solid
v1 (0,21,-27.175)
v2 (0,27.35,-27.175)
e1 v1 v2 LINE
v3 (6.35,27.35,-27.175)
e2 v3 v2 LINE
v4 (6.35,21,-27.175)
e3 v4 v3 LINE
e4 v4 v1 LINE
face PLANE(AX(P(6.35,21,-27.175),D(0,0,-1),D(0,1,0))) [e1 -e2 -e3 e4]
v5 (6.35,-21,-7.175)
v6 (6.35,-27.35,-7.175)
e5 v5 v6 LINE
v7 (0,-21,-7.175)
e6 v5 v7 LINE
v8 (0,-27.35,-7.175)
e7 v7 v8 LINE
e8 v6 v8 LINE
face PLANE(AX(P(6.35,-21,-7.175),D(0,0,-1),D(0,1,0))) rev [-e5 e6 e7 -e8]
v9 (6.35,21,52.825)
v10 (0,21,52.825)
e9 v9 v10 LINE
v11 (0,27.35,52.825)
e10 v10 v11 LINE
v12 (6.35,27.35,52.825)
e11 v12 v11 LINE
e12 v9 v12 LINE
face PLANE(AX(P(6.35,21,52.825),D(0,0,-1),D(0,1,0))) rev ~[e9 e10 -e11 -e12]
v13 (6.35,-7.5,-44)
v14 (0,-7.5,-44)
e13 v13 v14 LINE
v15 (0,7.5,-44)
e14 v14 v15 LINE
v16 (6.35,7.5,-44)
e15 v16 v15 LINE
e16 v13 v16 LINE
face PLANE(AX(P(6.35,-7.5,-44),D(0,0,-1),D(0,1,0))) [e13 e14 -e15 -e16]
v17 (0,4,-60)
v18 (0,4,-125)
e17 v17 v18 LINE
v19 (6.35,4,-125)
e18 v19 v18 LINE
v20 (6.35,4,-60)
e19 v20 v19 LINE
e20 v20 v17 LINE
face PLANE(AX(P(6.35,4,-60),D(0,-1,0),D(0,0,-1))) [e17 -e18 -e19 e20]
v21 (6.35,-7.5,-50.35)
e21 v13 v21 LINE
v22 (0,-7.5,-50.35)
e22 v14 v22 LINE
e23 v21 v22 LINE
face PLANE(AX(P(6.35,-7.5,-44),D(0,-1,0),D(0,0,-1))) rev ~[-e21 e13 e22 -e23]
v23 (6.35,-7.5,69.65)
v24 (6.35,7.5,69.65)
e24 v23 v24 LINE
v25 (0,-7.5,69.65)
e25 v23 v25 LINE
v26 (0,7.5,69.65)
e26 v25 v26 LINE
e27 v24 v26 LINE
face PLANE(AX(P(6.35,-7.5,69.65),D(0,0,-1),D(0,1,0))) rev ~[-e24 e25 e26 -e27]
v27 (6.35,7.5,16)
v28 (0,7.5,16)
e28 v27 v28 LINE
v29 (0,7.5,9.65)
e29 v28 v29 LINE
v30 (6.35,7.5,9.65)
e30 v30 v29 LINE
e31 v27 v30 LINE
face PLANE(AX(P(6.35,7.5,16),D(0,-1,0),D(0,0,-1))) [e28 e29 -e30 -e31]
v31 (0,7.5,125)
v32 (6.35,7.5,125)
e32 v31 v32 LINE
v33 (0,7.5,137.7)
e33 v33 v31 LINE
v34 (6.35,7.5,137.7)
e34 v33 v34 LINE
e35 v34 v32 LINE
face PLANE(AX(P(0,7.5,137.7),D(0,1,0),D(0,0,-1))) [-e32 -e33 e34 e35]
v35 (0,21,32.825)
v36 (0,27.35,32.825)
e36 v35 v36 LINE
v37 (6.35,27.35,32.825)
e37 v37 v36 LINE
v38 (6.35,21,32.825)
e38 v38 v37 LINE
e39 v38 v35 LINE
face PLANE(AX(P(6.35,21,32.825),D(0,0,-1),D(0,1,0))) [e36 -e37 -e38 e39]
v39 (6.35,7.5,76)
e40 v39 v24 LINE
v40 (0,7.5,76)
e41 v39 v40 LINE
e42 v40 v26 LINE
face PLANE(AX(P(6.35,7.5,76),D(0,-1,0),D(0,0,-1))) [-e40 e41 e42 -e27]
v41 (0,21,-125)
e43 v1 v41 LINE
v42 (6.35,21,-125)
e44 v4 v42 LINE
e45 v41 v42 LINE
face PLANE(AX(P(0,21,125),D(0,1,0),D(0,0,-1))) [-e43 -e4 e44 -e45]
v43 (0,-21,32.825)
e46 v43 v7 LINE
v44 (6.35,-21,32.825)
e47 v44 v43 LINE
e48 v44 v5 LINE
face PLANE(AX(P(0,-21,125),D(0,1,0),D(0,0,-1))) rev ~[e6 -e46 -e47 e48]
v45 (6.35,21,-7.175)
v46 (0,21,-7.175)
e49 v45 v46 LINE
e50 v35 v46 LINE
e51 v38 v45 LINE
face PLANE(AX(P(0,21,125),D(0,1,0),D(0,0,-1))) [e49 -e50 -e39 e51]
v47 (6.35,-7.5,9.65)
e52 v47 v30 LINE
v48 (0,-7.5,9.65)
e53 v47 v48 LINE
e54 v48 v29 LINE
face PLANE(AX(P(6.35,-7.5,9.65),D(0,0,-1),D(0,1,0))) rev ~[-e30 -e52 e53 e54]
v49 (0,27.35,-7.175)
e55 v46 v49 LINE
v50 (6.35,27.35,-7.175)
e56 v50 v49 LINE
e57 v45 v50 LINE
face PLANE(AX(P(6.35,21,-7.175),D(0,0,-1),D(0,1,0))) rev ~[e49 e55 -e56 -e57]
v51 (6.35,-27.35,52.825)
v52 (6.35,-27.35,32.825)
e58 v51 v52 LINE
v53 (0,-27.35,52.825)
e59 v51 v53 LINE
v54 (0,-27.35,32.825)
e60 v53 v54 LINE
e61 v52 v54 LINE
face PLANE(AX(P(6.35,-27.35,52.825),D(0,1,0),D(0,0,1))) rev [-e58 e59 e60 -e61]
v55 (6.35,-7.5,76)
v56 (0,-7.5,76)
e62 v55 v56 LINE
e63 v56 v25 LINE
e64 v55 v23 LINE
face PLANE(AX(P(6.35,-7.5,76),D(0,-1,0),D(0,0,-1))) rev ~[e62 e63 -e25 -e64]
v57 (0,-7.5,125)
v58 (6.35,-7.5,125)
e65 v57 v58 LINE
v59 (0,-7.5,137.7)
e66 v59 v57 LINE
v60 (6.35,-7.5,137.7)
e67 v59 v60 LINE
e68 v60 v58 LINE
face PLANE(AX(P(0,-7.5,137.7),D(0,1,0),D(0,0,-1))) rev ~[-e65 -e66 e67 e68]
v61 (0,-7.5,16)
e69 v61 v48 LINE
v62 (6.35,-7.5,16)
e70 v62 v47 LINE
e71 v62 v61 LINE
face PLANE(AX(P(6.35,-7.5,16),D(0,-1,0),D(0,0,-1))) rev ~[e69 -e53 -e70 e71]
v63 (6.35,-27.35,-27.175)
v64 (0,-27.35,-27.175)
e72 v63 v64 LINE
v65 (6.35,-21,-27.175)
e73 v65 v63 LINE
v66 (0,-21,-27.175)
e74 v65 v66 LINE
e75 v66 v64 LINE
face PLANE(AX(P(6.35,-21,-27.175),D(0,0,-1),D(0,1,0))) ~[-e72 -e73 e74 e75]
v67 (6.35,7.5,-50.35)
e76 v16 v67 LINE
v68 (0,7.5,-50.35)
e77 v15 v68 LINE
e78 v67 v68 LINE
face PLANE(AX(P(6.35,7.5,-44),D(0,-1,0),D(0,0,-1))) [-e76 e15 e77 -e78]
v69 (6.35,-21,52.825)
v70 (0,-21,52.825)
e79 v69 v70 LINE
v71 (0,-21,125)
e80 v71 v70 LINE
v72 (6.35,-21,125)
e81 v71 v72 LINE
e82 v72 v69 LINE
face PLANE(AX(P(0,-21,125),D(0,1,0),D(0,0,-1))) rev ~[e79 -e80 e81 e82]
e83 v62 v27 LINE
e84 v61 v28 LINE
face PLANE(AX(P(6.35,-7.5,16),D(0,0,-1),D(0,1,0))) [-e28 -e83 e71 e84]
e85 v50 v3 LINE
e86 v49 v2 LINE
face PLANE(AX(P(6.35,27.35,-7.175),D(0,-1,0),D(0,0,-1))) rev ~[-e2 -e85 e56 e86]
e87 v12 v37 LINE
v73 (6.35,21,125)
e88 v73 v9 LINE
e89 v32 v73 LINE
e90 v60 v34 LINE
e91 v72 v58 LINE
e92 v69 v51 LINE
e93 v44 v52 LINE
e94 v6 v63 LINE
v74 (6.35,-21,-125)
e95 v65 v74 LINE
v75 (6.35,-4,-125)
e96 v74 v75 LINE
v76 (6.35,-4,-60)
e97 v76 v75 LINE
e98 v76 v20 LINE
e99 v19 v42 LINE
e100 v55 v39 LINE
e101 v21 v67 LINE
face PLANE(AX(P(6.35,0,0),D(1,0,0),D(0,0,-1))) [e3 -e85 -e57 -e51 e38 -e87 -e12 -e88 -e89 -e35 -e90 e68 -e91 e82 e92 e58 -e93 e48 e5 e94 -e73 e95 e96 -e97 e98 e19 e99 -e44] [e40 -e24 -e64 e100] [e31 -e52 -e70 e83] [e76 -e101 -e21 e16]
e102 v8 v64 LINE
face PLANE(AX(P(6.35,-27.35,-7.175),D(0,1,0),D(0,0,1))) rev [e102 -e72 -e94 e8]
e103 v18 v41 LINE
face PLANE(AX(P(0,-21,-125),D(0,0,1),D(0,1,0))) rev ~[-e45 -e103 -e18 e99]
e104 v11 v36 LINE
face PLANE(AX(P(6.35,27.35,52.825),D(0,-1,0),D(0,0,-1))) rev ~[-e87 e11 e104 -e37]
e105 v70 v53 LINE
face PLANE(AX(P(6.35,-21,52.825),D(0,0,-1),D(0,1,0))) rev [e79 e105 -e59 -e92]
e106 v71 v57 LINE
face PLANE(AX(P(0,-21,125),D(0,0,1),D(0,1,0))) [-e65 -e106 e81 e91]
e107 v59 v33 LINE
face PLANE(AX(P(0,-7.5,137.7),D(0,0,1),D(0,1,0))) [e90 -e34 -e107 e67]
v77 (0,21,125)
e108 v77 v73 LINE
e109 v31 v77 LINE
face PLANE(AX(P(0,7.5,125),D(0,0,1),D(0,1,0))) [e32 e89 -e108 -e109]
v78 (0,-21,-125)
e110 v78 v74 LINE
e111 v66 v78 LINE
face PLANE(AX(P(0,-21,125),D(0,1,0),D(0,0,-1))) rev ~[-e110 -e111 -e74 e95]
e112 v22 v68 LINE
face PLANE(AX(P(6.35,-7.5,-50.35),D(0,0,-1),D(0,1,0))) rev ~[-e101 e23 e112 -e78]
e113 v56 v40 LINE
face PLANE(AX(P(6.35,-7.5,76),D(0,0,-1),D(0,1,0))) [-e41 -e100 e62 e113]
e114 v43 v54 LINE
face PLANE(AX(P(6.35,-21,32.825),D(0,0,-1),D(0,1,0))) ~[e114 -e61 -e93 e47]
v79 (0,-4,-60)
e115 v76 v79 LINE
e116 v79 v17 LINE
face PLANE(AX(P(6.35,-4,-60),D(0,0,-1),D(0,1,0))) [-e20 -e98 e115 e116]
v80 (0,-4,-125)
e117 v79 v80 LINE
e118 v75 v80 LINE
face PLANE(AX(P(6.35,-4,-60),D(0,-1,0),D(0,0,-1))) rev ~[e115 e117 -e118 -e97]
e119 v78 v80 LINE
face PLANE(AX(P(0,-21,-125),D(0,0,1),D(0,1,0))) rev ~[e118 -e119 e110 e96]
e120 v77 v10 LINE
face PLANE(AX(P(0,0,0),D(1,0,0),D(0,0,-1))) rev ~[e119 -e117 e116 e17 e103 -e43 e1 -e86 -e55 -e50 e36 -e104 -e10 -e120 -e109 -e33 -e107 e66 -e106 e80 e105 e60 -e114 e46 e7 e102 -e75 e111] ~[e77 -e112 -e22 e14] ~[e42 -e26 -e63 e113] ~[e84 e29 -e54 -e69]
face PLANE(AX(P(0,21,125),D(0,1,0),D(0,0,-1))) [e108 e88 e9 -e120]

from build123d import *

# Parameters (mm, degrees)
SKETCH1_W           = 250
SKETCH1_H           = 42
SKETCH1_W_2         = 12.7
SKETCH1_H_2         = 15
BOSS_EXTRUDE1_DEPTH = 6.35
SKETCH2_W           = 6.35
SKETCH2_H           = 15
CUT_EXTRUDE1_DEPTH  = 140.436768824
LPATTERN1_COUNT     = 3
LPATTERN1_PITCH     = 60
SKETCH3_W           = 65
SKETCH3_H           = 8
CUT_EXTRUDE2_DEPTH  = 140.436768824
SKETCH4_W           = 20
SKETCH4_H           = 6.35
BOSS_EXTRUDE2_DEPTH = 6.35


with BuildPart() as part:
    # Sketch1 → Boss-Extrude1 (new body)
    with BuildSketch(Plane(origin=(0, 0, 0), x_dir=(0, 0, -1), z_dir=(1, 0, 0))):
        Rectangle(SKETCH1_W, SKETCH1_H)
        with Locations((-131.35, 0)):
            Rectangle(SKETCH1_W_2, SKETCH1_H_2)
    extrude(amount=BOSS_EXTRUDE1_DEPTH)

    # Sketch2 → Cut-Extrude1 (cut, through all)
    with BuildSketch(Plane(origin=(6.35, 0, 0), x_dir=(0, 0, -1), z_dir=(1, 0, 0))):
        with Locations((-72.825, 0)):
            Rectangle(SKETCH2_W, SKETCH2_H)
    cut_extrude1 = extrude(amount=-CUT_EXTRUDE1_DEPTH, mode=Mode.SUBTRACT)

    # LPattern1: Cut-Extrude1 ×3
    with Locations(*[(0, 0, -i * LPATTERN1_PITCH) for i in range(1, LPATTERN1_COUNT)]):
        add(cut_extrude1, mode=Mode.SUBTRACT)

    # Sketch3 → Cut-Extrude2 (cut, through all)
    with BuildSketch(Plane(origin=(6.35, 0, 0), x_dir=(0, 0, -1), z_dir=(1, 0, 0))):
        with Locations((92.5, 0)):
            Rectangle(SKETCH3_W, SKETCH3_H)
    extrude(amount=-CUT_EXTRUDE2_DEPTH, mode=Mode.SUBTRACT)

    # Sketch4 → Boss-Extrude2 (add)
    with BuildSketch(Plane(origin=(6.35, 0, 0), x_dir=(0, 0, -1), z_dir=(1, 0, 0))):
        with Locations((-42.825, 24.175)):
            Rectangle(SKETCH4_W, SKETCH4_H)
        with Locations((17.175, 24.175)):
            Rectangle(SKETCH4_W, SKETCH4_H)
    boss_extrude2 = extrude(amount=-BOSS_EXTRUDE2_DEPTH)

    # Mirror1: Boss-Extrude2 across plane
    add(boss_extrude2.mirror(Plane.ZX))


solid = part.part
